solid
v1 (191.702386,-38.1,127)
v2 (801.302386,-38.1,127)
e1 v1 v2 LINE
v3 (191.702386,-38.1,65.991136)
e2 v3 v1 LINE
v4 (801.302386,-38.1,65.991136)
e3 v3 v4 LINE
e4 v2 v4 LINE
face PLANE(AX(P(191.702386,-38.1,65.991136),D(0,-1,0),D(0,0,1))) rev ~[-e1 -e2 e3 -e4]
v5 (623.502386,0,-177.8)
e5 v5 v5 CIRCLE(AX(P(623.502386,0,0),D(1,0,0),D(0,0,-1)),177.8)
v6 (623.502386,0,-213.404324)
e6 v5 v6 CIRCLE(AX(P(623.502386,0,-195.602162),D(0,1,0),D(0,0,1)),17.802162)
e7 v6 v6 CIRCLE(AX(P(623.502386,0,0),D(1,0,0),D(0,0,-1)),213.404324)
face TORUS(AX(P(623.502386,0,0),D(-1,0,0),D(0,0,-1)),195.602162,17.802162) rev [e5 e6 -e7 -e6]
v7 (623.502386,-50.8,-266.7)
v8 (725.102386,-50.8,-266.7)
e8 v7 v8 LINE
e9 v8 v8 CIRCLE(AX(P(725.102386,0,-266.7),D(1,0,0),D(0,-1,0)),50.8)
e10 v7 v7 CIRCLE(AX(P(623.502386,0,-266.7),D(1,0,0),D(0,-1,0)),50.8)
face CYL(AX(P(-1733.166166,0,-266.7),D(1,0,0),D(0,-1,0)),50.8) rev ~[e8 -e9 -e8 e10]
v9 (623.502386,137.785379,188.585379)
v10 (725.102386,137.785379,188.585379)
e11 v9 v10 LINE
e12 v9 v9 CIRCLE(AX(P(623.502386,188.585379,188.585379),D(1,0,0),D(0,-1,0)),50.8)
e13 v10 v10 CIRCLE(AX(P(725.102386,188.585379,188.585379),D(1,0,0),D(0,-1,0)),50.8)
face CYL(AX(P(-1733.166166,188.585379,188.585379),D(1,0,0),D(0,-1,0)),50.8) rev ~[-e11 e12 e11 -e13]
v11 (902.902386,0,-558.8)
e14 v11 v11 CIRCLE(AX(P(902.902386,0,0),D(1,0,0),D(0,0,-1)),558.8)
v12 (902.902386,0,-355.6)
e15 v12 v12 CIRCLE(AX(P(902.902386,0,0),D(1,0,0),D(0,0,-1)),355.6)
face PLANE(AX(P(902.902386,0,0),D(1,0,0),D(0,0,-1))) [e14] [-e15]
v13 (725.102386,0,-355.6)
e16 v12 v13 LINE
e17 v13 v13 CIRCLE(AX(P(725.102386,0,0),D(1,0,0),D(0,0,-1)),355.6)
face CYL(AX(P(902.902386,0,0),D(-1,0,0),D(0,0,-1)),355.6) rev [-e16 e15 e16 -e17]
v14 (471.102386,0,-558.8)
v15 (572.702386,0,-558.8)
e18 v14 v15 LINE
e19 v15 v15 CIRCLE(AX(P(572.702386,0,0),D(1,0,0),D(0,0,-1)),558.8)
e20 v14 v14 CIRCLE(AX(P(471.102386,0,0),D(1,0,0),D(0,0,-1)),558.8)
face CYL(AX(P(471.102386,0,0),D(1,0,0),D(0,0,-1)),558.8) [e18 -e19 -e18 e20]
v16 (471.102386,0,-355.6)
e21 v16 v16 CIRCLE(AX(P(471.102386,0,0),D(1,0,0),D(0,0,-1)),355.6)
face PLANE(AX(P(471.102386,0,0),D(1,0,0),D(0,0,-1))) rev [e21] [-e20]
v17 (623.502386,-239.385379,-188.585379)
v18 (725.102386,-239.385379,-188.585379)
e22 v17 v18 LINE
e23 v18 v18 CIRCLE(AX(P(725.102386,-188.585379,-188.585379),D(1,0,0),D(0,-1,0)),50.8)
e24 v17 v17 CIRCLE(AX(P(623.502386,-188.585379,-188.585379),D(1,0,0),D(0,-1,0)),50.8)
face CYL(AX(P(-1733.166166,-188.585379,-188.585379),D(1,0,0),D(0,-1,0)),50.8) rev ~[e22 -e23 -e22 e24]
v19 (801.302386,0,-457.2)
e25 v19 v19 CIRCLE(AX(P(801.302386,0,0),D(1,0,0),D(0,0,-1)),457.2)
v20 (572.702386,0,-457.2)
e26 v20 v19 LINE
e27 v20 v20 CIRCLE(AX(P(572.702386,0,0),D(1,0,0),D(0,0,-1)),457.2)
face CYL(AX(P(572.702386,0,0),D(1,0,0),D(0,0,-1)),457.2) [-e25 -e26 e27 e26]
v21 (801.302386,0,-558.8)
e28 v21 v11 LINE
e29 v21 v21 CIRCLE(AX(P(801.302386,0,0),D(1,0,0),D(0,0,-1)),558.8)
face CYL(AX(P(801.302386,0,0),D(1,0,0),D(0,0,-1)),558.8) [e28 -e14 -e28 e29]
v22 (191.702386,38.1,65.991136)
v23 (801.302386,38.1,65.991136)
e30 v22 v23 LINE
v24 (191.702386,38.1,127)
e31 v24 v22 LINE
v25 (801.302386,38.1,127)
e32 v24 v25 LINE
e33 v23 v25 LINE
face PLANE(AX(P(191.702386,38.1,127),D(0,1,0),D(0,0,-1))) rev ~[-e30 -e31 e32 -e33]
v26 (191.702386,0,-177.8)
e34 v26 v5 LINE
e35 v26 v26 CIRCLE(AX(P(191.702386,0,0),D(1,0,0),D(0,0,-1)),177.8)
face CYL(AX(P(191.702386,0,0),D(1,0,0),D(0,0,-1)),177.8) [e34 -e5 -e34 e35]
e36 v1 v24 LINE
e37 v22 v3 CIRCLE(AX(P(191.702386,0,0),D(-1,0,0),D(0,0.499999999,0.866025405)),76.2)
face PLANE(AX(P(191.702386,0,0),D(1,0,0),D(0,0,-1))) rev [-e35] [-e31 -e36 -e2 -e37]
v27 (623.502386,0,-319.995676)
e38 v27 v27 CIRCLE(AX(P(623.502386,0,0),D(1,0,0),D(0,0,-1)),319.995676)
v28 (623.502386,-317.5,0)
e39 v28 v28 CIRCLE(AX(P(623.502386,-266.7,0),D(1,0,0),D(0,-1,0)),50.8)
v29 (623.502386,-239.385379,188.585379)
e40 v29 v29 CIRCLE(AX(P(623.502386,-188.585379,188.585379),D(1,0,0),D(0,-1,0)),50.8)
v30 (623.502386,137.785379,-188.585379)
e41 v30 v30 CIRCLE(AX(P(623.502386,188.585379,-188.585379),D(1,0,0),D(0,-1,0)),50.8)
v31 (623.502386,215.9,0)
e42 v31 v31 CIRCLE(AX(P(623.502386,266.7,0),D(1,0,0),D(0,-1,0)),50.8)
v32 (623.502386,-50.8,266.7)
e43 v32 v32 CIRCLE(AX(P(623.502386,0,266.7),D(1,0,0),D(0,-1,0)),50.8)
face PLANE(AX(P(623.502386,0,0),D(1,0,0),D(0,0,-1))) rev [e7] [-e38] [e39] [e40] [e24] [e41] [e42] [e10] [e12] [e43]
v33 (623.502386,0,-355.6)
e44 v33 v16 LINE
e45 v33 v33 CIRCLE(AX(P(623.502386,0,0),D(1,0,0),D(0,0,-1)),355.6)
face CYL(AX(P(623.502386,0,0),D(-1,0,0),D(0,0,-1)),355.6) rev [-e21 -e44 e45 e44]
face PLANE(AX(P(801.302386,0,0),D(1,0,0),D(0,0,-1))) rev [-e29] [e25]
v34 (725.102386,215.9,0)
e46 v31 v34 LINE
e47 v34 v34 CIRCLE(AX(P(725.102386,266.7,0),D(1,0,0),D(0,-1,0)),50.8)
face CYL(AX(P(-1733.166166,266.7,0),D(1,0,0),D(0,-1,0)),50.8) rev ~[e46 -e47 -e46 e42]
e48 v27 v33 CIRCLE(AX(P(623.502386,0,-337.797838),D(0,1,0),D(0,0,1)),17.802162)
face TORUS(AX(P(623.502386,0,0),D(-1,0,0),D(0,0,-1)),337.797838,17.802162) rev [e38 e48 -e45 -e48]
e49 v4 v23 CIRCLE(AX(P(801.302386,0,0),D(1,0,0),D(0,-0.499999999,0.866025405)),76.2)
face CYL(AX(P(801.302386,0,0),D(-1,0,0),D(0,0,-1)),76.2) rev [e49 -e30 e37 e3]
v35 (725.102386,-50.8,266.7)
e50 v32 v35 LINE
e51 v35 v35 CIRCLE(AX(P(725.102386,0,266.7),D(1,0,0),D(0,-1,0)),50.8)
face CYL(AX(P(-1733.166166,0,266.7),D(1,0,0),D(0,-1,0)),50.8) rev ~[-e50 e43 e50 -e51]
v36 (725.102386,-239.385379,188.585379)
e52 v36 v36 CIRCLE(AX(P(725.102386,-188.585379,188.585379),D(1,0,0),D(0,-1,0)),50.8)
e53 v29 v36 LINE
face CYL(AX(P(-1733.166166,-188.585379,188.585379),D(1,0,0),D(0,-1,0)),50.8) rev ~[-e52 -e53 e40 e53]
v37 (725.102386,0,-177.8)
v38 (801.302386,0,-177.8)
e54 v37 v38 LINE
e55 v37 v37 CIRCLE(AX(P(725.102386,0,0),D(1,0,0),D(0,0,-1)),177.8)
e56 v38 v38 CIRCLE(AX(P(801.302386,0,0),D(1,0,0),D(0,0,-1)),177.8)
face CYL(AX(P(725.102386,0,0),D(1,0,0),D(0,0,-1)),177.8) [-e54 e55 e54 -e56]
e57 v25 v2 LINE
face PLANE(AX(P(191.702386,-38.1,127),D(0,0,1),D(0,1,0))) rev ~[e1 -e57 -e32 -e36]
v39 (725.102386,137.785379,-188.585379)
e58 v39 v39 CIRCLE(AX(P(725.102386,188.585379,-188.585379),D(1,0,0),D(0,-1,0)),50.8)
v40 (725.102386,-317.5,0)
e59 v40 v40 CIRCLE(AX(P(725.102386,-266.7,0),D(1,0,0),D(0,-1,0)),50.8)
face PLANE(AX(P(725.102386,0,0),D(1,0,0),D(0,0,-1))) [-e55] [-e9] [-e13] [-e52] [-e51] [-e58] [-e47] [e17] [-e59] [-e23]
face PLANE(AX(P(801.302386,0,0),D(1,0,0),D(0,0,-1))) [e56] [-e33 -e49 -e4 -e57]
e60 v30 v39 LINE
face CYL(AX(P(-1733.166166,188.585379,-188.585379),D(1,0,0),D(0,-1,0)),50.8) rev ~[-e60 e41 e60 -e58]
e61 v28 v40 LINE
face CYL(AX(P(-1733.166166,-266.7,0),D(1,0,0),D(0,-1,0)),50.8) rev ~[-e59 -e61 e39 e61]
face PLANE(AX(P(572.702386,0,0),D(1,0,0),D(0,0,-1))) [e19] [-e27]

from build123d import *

# Parameters (mm, degrees)
F3_DEPTH = 711.201
F5_D     = 101.6


with BuildPart() as f1:
    # F0 (on Front) → F1 (revolve)
    with BuildSketch(Plane.XZ):
        with BuildLine():
            Line((801.302386, -76.2), (191.702386, -76.2))
            Line((191.702386, -76.2), (191.702386, -177.8))
            Line((191.702386, -177.8), (623.502386, -177.8))
            ThreePointArc((623.502386, -177.8), (641.304548, -195.602162), (623.502386, -213.404324))
            Line((623.502386, -213.404324), (623.502386, -319.995676))
            ThreePointArc((623.502386, -319.995676), (641.304548, -337.797838), (623.502386, -355.6))
            Line((623.502386, -355.6), (471.102386, -355.6))
            Line((471.102386, -355.6), (471.102386, -558.8))
            Line((471.102386, -558.8), (572.702386, -558.8))
            Line((572.702386, -558.8), (572.702386, -457.2))
            Line((572.702386, -457.2), (801.302386, -457.2))
            Line((801.302386, -457.2), (801.302386, -558.8))
            Line((801.302386, -558.8), (902.902386, -558.8))
            Line((902.902386, -558.8), (902.902386, -355.6))
            Line((902.902386, -355.6), (725.102386, -355.6))
            Line((725.102386, -355.6), (725.102386, -177.8))
            Line((725.102386, -177.8), (801.302386, -177.8))
            Line((801.302386, -177.8), (801.302386, -76.2))
        make_face()
    revolve(axis=Axis((352.317811, 0, 0), (1, 0, 0)))

    # F2 (on face) → F3 (cut, through all)
    with BuildSketch(Plane(origin=(191.702386, 0, 0), x_dir=(0, -1, 0), z_dir=(-1, 0, 0))):
        with BuildLine():
            Line((38.1, 127), (0, 127))
            Line((0, 127), (-38.1, 127))
            Line((-38.1, 127), (-38.1, 65.991136))
            ThreePointArc((-38.1, 65.991136), (0, 76.2), (38.1, 65.991136))
            Line((38.1, 65.991136), (38.1, 127))
        make_face()
    extrude(amount=-F3_DEPTH, mode=Mode.SUBTRACT)

    # F5 (through all)
    with Locations(Plane(origin=(0, 0, 0), x_dir=(0, 1, 0), z_dir=(-1, 0, 0))):
        with Locations((0, 266.7), (188.585379, 188.585379), (266.7, 0), (188.585379, -188.585379), (0, -266.7), (-188.585379, -188.585379), (-266.7, 0), (-188.585379, 188.585379)):
            Hole(F5_D / 2)


solid = f1.part
